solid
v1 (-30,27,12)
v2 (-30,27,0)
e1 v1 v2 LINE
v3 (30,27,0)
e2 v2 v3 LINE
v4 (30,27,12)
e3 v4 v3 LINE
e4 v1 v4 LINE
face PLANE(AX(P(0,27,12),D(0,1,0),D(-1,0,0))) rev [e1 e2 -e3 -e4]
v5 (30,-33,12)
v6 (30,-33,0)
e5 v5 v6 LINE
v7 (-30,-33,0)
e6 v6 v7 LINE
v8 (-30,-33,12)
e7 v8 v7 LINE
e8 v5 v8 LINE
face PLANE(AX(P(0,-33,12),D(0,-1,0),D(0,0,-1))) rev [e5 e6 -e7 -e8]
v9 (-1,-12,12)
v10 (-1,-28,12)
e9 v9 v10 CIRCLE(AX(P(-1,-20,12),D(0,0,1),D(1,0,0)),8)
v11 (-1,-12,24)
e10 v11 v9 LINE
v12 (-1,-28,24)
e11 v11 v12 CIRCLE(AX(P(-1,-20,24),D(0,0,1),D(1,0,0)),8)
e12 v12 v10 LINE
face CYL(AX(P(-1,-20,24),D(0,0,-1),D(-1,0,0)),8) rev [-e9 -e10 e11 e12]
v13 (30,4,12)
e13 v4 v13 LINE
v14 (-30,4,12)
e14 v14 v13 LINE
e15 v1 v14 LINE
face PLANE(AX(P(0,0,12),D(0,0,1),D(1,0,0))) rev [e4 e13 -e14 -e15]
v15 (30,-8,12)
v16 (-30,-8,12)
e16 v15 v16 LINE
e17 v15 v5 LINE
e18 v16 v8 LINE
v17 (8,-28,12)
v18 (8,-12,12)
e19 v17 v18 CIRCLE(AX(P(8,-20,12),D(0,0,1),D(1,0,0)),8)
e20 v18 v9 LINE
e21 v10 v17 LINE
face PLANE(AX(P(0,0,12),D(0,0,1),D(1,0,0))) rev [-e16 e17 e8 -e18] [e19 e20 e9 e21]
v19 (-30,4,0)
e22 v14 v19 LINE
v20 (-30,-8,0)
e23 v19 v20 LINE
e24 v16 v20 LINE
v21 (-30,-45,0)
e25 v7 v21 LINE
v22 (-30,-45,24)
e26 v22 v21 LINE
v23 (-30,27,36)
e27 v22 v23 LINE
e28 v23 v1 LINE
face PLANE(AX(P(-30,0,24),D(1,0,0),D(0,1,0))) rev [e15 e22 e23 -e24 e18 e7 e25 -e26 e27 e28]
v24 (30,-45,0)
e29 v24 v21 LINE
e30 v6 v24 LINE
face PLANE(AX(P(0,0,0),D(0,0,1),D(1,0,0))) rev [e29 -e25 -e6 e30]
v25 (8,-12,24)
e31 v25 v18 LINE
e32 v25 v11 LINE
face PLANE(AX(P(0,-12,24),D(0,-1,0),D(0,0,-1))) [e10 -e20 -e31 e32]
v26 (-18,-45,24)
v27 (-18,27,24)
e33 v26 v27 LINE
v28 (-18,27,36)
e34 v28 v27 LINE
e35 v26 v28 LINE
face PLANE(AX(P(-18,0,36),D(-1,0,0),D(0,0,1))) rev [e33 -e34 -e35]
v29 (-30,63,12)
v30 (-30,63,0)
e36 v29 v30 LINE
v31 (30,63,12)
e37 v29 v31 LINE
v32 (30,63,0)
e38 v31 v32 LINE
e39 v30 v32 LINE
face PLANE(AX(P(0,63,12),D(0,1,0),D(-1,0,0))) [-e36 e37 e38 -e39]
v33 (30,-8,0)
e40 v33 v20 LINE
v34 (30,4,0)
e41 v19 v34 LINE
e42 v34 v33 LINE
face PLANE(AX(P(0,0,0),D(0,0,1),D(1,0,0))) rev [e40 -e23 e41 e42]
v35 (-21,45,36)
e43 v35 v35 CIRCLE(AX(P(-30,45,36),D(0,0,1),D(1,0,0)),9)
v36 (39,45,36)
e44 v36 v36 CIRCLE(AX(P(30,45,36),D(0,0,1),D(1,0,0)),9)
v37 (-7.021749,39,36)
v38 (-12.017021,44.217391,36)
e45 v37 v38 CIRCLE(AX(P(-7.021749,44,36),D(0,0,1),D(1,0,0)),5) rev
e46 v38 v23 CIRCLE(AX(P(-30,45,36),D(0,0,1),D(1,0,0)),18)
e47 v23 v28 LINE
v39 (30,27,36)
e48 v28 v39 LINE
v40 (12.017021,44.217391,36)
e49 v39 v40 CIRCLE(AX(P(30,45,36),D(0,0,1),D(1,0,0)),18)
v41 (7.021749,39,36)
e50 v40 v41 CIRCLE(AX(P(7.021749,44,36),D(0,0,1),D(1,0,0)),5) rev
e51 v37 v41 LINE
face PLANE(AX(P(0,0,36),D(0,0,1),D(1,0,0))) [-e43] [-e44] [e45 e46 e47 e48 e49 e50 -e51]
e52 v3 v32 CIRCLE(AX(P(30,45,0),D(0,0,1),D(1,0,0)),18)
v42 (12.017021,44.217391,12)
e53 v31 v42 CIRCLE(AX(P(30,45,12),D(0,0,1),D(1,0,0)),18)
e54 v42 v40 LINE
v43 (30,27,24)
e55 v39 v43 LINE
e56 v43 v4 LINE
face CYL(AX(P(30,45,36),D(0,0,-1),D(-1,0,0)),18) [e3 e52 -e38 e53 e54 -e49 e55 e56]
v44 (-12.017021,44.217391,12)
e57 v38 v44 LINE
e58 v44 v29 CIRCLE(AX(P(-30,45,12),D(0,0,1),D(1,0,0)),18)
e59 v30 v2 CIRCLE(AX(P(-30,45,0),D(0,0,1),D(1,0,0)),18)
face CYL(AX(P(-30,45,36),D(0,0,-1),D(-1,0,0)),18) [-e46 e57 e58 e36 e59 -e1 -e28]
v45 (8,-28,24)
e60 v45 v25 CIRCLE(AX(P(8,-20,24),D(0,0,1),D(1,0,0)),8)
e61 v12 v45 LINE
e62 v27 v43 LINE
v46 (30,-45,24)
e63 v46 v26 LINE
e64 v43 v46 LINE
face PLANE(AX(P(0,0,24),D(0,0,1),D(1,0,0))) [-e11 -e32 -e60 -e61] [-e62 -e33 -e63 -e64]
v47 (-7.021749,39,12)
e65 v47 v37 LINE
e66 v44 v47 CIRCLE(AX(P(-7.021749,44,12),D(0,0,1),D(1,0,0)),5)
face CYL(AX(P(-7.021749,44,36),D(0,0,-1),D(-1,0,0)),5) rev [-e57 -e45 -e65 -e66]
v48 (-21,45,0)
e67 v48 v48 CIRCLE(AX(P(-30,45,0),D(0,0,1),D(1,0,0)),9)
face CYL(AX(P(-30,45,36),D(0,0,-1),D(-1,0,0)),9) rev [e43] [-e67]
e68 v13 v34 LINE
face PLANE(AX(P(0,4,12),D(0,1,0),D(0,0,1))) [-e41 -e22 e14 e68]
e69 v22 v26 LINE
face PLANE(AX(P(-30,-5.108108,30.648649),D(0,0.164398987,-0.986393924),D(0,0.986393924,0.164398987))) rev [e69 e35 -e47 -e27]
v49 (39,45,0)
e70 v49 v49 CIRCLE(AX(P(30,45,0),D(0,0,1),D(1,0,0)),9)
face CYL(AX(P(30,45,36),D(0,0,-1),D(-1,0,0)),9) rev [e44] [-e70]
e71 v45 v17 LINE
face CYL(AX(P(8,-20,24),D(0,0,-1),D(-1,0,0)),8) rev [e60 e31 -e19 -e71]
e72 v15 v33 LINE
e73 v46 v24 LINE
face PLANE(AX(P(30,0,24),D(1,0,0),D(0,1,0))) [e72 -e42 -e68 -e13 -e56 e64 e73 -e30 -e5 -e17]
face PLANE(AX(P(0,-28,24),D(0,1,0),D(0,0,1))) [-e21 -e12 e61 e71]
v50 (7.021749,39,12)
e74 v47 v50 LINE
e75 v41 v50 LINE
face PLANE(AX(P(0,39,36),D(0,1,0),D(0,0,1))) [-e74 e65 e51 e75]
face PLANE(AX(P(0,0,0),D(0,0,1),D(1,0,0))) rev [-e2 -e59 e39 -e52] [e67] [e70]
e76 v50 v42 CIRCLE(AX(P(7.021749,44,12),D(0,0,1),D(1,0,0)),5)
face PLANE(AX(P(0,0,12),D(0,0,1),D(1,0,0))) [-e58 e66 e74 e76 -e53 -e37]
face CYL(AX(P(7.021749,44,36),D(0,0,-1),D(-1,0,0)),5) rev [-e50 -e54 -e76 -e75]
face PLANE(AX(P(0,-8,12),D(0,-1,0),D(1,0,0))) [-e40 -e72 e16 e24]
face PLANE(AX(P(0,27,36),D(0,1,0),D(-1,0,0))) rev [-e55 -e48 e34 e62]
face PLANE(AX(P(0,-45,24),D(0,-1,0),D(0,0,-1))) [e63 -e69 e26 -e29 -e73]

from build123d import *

# Parameters (mm, degrees)
SKETCH1_R           = 9
BOSS_EXTRUDE1_DEPTH = 36
BOSS_EXTRUDE2_DEPTH = 12
SKETCH1_6_W         = 72
SKETCH1_6_H         = 60
BOSS_EXTRUDE4_DEPTH = 24
SKETCH1_8_W         = 23
SKETCH1_8_H         = 60
SKETCH1_8_W_2       = 25
CUT_EXTRUDE2_DEPTH  = 12
BOSS_EXTRUDE5_START = 24
SKETCH1_10_W        = 72
SKETCH1_10_H        = 12
BOSS_EXTRUDE5_DEPTH = 12
CUT_EXTRUDE3_DEPTH  = 12
FILLET1_R           = 5


with BuildPart() as part:
    # Sketch1 → Boss-Extrude1 (new body)
    with BuildSketch(Plane(origin=(0, 0, 0), x_dir=(0, 1, 0), z_dir=(0, 0, 1))):
        with BuildLine():
            Line((39, -13.029437252), (39, 13.029437252))
            ThreePointArc((39, 13.029437252), (59.696938457, 40.392304845), (27, 30))
            Line((27, 30), (27, -30))
            ThreePointArc((27, -30), (59.696938457, -40.392304845), (39, -13.029437252))
        make_face()
        with Locations((45, 30)):
            Circle(SKETCH1_R, mode=Mode.SUBTRACT)
        with Locations((45, -30)):
            Circle(SKETCH1_R, mode=Mode.SUBTRACT)
    extrude(amount=BOSS_EXTRUDE1_DEPTH)

    # Sketch1<4> → Boss-Extrude2 (add)
    with BuildSketch(Plane(origin=(0, 0, 0), x_dir=(0, 1, 0), z_dir=(0, 0, 1))):
        with BuildLine():
            Line((63, -30), (63, 30))
            ThreePointArc((63, 30), (55.392304845, 15.303061543), (39, 13.029437252))
            Line((39, 13.029437252), (39, -13.029437252))
            ThreePointArc((39, -13.029437252), (55.392304845, -15.303061543), (63, -30))
        make_face()
    extrude(amount=BOSS_EXTRUDE2_DEPTH)

    # Sketch1<6> → Boss-Extrude4 (add)
    with BuildSketch(Plane(origin=(0, 0, 0), x_dir=(0, 1, 0), z_dir=(0, 0, 1))):
        with Locations((-9, 0)):
            Rectangle(SKETCH1_6_W, SKETCH1_6_H)
        with BuildLine():
            ThreePointArc((-28, 1), (-20, 9), (-12, 1))
            Line((-12, 1), (-12, -8))
            ThreePointArc((-12, -8), (-20, -16), (-28, -8))
            Line((-28, -8), (-28, 1))
        make_face(mode=Mode.SUBTRACT)
    extrude(amount=BOSS_EXTRUDE4_DEPTH)

    # Sketch1<8> → Cut-Extrude2 (cut)
    # profile 1 of 2: a face of its own
    with BuildSketch(Plane(origin=(0, 0, 0), x_dir=(0, 1, 0), z_dir=(0, 0, 1))):
        with Locations((15.5, 0)):
            Rectangle(SKETCH1_8_W, SKETCH1_8_H)
    # profile 2 of 2: a face of its own
    with BuildSketch(Plane(origin=(0, 0, 0), x_dir=(0, 1, 0), z_dir=(0, 0, 1))):
        with Locations((-20.5, 0)):
            Rectangle(SKETCH1_8_W_2, SKETCH1_8_H)
        with BuildLine():
            ThreePointArc((-28, 1), (-20, 9), (-12, 1))
            Line((-12, 1), (-12, -8))
            ThreePointArc((-12, -8), (-20, -16), (-28, -8))
            Line((-28, -8), (-28, 1))
        make_face(mode=Mode.SUBTRACT)
    extrude(amount=CUT_EXTRUDE2_DEPTH, mode=Mode.SUBTRACT)

    # Sketch1<10> → Boss-Extrude5 (add)
    with BuildSketch(Plane(origin=(0, 0, 0), x_dir=(0, 1, 0), z_dir=(0, 0, 1)).offset(BOSS_EXTRUDE5_START)):
        with Locations((-9, 24)):
            Rectangle(SKETCH1_10_W, SKETCH1_10_H)
    extrude(amount=BOSS_EXTRUDE5_DEPTH)

    # Sketch2 → Cut-Extrude3 (cut)
    with BuildSketch(Plane.YZ.offset(-18)):
        Polygon((-45, 36), (-45, 24), (27, 36), align=None)
    extrude(amount=-CUT_EXTRUDE3_DEPTH, mode=Mode.SUBTRACT)

    # Fillet1
    fillet1_edges = [part.edges().sort_by_distance(p)[0] for p in [
        (-13.029437252, 39, 24),
        (13.029437252, 39, 24),
    ]]
    fillet(fillet1_edges, radius=FILLET1_R)


solid = part.part
